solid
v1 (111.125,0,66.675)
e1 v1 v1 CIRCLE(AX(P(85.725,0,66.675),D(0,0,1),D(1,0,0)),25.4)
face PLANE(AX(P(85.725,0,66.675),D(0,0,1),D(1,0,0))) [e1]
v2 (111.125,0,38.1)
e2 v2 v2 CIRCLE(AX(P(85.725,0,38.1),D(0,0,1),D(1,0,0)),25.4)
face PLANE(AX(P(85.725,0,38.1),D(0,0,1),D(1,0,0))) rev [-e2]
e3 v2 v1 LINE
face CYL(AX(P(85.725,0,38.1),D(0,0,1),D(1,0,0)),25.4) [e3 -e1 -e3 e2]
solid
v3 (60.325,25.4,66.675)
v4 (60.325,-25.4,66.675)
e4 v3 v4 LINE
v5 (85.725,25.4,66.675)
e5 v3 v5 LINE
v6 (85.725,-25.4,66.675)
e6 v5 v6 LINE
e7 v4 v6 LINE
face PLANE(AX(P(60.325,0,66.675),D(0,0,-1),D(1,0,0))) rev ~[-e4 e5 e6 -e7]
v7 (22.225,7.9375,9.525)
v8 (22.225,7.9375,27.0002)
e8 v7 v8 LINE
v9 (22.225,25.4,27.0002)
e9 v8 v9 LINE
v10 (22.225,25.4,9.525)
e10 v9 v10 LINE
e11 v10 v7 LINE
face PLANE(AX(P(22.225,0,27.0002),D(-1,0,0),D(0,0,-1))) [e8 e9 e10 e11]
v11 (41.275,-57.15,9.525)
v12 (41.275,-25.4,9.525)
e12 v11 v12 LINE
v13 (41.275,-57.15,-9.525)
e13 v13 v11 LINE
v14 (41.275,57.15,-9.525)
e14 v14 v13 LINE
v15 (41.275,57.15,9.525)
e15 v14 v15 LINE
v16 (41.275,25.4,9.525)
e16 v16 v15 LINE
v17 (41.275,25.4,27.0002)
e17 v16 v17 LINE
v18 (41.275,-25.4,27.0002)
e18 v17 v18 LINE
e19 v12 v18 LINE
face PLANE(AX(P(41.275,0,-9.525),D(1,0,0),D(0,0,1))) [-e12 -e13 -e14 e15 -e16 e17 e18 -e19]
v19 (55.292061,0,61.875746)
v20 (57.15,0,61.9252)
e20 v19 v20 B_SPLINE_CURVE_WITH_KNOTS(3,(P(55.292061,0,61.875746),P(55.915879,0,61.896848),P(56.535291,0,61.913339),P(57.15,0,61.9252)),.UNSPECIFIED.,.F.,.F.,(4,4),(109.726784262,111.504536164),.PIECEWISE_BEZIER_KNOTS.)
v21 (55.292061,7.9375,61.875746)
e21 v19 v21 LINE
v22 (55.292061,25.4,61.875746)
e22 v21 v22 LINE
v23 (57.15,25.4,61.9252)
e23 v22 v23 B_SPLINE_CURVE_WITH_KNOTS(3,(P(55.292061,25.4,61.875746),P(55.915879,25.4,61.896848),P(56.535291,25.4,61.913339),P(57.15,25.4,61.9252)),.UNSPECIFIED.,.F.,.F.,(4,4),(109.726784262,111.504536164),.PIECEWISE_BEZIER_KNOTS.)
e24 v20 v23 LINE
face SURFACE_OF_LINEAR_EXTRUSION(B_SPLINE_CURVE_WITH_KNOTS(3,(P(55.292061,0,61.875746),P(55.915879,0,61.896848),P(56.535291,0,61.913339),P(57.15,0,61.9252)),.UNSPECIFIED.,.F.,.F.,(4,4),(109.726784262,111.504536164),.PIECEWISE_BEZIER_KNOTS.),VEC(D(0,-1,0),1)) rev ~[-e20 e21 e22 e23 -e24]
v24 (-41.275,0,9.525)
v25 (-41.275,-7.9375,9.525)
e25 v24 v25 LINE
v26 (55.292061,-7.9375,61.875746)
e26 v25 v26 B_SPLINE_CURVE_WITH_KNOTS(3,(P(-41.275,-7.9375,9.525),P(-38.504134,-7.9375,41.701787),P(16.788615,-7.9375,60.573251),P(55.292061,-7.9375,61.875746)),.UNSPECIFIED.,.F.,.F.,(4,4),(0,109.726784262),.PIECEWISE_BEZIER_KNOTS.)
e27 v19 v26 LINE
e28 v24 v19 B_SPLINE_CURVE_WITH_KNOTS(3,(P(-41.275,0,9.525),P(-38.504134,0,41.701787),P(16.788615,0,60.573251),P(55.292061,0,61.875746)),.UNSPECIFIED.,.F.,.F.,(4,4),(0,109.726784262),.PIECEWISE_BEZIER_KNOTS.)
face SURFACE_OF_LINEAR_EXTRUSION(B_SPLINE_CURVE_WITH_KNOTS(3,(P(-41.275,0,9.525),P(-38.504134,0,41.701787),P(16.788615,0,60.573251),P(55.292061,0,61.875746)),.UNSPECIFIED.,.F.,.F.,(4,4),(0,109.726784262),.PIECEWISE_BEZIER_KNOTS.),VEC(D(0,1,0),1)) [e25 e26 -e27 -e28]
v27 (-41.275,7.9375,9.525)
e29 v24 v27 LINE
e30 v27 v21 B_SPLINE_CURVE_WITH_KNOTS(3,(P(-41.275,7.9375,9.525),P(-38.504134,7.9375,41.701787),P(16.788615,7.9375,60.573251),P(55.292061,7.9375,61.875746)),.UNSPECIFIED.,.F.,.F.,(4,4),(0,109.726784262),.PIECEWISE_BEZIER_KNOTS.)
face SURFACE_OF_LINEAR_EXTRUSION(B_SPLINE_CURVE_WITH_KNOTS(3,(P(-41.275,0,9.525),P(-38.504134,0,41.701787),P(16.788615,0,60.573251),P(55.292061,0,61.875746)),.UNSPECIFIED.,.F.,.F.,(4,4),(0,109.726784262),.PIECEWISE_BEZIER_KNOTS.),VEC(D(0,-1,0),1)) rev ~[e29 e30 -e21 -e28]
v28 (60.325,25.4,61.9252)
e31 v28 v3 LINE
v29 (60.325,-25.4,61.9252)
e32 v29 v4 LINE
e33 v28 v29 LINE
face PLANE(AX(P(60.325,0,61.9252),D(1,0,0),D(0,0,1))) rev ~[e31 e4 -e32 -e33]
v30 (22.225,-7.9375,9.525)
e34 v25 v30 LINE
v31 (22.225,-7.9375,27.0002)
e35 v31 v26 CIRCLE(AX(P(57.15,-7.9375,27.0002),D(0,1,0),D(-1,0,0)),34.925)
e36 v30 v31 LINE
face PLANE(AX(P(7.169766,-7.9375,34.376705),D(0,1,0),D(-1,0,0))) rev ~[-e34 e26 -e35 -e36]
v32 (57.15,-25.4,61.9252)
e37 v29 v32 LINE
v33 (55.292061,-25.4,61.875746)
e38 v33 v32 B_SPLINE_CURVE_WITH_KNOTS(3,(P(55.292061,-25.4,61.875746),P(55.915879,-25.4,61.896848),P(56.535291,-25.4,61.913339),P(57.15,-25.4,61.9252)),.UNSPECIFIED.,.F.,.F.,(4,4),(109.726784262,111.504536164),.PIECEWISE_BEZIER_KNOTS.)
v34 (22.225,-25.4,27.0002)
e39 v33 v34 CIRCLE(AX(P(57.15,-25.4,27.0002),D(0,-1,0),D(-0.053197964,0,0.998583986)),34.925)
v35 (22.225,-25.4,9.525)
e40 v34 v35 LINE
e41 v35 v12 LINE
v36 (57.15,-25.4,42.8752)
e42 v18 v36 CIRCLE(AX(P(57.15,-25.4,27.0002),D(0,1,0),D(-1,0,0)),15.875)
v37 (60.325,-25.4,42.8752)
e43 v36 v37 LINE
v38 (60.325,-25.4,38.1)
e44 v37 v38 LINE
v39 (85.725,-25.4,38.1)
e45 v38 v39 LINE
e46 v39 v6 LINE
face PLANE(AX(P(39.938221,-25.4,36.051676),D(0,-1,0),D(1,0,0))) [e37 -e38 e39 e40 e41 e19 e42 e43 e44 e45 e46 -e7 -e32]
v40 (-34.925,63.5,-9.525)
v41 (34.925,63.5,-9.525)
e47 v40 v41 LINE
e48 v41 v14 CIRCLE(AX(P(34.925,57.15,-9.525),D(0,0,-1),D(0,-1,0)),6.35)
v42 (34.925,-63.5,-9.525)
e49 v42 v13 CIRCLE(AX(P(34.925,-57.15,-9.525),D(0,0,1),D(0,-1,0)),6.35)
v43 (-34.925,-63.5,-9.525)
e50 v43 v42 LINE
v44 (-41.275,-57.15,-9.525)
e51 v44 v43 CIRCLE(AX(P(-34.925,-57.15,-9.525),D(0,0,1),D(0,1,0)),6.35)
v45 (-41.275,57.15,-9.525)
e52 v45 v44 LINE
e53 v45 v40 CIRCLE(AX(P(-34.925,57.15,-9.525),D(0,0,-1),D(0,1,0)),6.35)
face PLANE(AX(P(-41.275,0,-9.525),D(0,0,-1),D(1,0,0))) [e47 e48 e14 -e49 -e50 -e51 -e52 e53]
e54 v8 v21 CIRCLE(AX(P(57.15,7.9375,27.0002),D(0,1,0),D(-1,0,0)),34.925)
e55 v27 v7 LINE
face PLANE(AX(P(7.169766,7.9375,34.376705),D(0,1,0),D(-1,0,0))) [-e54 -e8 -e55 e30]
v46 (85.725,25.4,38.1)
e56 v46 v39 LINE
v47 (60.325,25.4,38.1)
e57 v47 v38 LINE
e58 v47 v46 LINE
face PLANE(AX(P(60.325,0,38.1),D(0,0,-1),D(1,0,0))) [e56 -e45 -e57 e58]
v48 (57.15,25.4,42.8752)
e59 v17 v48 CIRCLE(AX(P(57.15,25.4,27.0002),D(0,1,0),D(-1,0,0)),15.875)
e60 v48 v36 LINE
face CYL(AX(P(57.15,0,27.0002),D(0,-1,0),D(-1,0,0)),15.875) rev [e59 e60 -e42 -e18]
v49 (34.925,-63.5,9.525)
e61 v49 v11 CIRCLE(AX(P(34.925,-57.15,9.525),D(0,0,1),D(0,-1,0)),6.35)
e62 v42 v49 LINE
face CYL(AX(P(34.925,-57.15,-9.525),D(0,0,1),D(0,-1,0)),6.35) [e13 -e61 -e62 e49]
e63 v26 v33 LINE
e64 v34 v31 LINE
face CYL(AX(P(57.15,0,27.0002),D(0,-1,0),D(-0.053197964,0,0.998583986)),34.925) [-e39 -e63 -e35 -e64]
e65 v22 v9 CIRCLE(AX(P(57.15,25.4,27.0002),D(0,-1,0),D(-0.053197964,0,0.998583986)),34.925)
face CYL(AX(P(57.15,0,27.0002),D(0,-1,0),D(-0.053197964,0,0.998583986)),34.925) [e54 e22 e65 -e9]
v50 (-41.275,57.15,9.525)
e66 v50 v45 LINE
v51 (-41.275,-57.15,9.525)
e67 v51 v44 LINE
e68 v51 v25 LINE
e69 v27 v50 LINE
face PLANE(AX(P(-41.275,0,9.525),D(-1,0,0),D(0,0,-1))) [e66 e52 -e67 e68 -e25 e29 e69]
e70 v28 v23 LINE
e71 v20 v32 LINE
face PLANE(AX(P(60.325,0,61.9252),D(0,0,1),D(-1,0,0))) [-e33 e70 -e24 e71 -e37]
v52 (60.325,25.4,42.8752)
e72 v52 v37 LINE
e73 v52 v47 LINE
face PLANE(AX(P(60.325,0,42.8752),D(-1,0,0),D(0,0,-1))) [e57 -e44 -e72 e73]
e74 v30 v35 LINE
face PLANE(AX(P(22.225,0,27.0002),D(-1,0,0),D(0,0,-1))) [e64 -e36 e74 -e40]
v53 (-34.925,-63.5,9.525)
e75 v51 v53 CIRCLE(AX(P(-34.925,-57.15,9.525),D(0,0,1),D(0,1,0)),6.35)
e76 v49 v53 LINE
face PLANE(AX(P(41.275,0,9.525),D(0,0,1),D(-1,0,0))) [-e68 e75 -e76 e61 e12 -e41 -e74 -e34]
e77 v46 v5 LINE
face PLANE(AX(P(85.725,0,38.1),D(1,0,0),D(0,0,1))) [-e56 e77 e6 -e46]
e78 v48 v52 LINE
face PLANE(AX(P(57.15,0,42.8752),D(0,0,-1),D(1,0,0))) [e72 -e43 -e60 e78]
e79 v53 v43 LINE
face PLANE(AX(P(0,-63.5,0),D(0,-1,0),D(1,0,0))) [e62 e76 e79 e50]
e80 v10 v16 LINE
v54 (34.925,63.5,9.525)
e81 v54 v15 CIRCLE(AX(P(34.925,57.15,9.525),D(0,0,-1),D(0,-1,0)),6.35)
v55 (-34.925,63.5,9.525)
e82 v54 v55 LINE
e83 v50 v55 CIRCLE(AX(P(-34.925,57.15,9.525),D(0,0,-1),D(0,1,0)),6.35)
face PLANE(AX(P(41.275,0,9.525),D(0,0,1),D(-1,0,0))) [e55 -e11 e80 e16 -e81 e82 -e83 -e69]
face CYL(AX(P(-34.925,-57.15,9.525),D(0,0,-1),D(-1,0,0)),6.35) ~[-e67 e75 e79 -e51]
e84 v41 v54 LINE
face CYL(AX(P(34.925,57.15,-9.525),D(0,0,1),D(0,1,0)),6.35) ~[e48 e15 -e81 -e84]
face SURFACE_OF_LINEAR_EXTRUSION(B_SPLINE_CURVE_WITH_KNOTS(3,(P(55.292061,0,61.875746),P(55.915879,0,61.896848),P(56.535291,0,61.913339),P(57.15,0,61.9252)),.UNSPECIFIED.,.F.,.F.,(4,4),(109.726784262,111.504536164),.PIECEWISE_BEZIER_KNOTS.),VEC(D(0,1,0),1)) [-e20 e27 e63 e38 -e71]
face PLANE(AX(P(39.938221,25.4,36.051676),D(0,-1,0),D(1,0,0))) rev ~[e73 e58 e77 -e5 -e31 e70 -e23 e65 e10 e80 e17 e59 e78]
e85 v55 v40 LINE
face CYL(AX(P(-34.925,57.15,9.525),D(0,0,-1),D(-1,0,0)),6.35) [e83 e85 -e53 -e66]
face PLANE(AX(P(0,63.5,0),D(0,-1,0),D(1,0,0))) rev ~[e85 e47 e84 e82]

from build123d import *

# Parameters (mm, degrees)
F1_DEPTH = 63.5
F0_W     = 25.4
F0_H     = 4.7498
F2_DEPTH = 25.4
F3_DEPTH = 7.9375
F5_R     = 6.35


with BuildPart() as f1:
    # F0 (on Front) → F1 (new body, symmetric)
    with BuildSketch(Plane.XZ):
        Polygon((22.225, 9.525), (-41.275, 9.525), (-41.275, -9.525), (41.275, -9.525), (41.275, 9.525), align=None)
    extrude(amount=F1_DEPTH, both=True)

    # F0 (on Front) → F2 (join, symmetric)
    with BuildSketch(Plane.XZ):
        with BuildLine():
            Line((22.225, 27.0002), (22.225, 9.525))
            Line((22.225, 9.525), (41.275, 9.525))
            Line((41.275, 9.525), (41.275, 27.0002))
            ThreePointArc((41.275, 27.0002), (45.9246798487, 38.2255201513), (57.15, 42.8752))
            Line((57.15, 42.8752), (60.325, 42.8752))
            Line((60.325, 42.8752), (60.325, 61.9252))
            Line((60.325, 61.9252), (57.15, 61.9252))
            add(Edge.make_bspline(
                [(55.2920610912, 61.875745702), (55.9158793834, 61.8968482356), (56.5352906086, 61.9133390458), (57.15, 61.9252)],
                knots=[109.7267842617, 109.7267842617, 109.7267842617, 109.7267842617, 111.5045361635, 111.5045361635, 111.5045361635, 111.5045361635], degree=3))
            ThreePointArc((55.2920610912, 61.875745702), (31.80592632, 51.0300471553), (22.225, 27.0002))
        make_face()
        Polygon((85.725, 61.9252), (60.325, 61.9252), (60.325, 42.8752), (60.325, 38.1), (85.725, 38.1), align=None)
        with Locations((73.025, 64.3001)):
            Rectangle(F0_W, F0_H)
    extrude(amount=F2_DEPTH, both=True)

    # F0 (on Front) → F3 (join, symmetric)
    with BuildSketch(Plane.XZ):
        with BuildLine():
            add(Edge.make_bspline(
                [(-41.275, 9.525), (-38.5041339156, 41.7017871953), (16.7886146349, 60.5732505935), (55.2920610912, 61.875745702)],
                knots=[0, 0, 0, 0, 109.7267842617, 109.7267842617, 109.7267842617, 109.7267842617], degree=3))
            Line((-41.275, 9.525), (22.225, 9.525))
            Line((22.225, 9.525), (22.225, 27.0002))
            ThreePointArc((22.225, 27.0002), (31.80592632, 51.0300471553), (55.2920610912, 61.875745702))
        make_face()
    extrude(amount=F3_DEPTH, both=True)

    # F5
    f5_edges = [f1.edges().sort_by_distance(p)[0] for p in [
        (41.275, -63.5, 0),
        (-41.275, -63.5, 0),
        (-41.275, 63.5, 0),
        (41.275, 63.5, 0),
    ]]
    fillet(f5_edges, radius=F5_R)


with BuildPart() as f4:
    # F0 (on Front) → F4 (revolve)
    with BuildSketch(Plane.XZ):
        Polygon((85.725, 66.675), (85.725, 61.9252), (85.725, 38.1), (111.125, 38.1), (111.125, 66.675), align=None)
    revolve(axis=Axis((85.725, 0, 52.3875), (0, 0, 1)))


solid = Compound([f1.part, f4.part])
